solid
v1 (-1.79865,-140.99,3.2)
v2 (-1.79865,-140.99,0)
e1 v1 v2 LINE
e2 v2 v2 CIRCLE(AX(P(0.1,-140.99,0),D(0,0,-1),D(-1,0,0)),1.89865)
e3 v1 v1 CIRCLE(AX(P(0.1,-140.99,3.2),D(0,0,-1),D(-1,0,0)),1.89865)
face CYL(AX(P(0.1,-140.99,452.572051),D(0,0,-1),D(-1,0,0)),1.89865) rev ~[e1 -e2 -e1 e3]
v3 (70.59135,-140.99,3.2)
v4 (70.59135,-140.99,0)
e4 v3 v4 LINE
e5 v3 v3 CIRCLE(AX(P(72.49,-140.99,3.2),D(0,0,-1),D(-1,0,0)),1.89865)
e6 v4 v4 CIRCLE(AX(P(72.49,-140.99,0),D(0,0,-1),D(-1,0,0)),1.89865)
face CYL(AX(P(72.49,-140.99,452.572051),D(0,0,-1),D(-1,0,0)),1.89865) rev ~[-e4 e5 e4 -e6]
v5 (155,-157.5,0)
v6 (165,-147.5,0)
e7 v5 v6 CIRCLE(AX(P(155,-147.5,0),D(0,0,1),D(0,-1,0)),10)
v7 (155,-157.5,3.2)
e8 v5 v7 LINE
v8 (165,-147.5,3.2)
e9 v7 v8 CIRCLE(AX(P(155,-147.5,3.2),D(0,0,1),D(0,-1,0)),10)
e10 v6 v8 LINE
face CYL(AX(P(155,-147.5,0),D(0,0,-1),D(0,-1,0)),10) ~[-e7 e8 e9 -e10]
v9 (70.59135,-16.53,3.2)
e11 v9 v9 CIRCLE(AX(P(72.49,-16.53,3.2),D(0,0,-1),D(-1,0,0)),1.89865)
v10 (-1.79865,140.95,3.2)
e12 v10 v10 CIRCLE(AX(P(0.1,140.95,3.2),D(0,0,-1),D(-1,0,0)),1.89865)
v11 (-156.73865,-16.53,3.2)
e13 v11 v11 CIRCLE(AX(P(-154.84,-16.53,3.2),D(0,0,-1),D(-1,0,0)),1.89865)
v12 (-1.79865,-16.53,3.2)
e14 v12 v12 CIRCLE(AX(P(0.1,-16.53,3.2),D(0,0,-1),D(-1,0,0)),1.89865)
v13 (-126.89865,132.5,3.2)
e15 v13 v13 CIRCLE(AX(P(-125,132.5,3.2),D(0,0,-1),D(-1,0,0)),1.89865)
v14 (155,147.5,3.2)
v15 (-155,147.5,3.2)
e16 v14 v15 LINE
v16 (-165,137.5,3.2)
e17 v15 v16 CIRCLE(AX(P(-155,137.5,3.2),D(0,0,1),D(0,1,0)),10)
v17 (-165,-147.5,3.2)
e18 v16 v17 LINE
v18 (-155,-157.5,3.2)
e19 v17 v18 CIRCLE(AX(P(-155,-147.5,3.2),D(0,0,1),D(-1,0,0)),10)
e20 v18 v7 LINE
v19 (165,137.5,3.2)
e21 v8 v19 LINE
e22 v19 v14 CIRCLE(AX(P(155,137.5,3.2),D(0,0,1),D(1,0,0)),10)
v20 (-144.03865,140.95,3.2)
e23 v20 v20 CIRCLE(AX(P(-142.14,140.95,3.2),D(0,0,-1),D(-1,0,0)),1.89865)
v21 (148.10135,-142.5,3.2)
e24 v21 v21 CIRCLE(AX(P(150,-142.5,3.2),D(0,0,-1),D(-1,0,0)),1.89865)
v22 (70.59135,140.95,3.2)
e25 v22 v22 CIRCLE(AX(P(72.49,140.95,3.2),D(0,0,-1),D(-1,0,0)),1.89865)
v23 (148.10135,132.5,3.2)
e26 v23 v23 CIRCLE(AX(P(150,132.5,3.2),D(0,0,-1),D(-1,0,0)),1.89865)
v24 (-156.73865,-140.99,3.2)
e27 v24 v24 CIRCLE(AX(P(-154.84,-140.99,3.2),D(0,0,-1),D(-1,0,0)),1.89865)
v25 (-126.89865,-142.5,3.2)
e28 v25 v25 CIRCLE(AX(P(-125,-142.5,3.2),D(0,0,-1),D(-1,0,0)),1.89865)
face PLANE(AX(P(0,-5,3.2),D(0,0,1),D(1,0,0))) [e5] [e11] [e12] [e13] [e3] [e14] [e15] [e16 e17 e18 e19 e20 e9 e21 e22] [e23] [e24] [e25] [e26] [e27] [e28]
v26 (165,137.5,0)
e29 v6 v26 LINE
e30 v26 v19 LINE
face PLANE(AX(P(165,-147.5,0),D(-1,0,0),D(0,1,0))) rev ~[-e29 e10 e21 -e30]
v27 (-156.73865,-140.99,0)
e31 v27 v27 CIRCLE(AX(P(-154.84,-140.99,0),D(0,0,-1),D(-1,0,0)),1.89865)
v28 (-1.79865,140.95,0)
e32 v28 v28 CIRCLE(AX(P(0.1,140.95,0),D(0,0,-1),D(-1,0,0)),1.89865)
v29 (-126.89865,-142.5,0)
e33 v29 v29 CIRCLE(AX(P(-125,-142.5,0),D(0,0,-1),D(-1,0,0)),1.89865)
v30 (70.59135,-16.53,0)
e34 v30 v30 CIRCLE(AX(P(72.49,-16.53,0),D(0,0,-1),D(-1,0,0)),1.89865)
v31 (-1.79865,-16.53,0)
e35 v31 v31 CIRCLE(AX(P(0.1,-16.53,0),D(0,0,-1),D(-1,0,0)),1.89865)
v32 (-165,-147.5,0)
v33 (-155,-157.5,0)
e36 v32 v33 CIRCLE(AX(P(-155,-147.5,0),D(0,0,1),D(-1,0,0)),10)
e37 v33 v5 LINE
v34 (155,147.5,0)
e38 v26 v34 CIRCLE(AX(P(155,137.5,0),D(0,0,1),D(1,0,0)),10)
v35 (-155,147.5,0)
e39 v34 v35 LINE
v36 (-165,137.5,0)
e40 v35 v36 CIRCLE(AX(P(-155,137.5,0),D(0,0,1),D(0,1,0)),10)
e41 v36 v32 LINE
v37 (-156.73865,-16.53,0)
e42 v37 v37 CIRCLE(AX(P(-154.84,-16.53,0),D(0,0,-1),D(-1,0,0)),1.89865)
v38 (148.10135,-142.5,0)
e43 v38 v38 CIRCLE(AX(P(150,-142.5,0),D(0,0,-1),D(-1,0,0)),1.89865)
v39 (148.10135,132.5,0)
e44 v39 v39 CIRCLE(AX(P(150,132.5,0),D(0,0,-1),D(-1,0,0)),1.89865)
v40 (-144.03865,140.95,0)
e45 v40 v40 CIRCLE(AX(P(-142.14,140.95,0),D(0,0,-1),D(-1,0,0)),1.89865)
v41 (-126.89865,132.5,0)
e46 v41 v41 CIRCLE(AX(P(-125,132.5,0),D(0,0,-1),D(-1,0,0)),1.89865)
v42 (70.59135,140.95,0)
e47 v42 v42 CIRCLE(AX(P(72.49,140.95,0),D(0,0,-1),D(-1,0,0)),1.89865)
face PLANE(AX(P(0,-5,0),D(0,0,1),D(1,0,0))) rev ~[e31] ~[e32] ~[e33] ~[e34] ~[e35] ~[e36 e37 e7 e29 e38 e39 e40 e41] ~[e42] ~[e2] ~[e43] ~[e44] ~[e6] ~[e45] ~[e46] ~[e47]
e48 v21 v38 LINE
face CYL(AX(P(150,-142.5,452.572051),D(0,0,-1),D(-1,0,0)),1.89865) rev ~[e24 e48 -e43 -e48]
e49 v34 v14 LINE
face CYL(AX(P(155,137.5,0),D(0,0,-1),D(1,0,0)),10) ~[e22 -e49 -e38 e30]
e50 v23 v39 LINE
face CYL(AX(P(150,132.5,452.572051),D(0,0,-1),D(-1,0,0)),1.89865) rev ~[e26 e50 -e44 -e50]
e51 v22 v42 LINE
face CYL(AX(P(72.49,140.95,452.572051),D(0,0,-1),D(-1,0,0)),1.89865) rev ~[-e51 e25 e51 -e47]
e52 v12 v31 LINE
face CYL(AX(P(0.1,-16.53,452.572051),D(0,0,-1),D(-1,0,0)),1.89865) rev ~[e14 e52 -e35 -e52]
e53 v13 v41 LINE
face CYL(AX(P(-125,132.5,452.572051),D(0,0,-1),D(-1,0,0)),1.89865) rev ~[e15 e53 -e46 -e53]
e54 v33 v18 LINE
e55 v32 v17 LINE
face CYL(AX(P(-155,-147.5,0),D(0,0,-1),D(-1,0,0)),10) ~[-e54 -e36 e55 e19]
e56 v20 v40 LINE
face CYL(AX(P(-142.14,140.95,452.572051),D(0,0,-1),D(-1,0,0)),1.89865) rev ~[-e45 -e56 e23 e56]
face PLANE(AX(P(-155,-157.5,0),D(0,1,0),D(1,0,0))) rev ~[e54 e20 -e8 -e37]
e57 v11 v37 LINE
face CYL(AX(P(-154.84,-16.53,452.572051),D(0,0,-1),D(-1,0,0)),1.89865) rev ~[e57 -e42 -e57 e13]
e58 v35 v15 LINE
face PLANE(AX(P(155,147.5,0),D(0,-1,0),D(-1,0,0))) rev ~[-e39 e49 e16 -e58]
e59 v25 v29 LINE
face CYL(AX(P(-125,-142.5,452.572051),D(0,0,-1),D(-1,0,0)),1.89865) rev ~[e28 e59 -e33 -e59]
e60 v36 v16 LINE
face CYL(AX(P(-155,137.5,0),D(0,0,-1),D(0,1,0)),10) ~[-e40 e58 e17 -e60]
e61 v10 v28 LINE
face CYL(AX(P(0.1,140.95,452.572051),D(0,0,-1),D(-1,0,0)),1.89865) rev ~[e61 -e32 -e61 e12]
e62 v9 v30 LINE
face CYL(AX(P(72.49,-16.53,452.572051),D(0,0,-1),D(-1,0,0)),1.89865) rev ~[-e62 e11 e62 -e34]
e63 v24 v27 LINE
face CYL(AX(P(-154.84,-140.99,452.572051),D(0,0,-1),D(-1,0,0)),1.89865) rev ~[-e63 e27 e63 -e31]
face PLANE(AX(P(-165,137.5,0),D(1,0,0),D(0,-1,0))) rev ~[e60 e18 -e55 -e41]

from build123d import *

# Parameters (mm, degrees)
F1_DEPTH = 3.2
F3_D     = 3.7973
F5_D     = 3.7973


with BuildPart() as f1:
    # F0 (on Top) → F1 (new body)
    with BuildSketch(Plane.XY):
        with BuildLine():
            ThreePointArc((165, 137.5), (162.0710678119, 144.5710678119), (155, 147.5))
            Line((155, 147.5), (-155, 147.5))
            ThreePointArc((-155, 147.5), (-162.0710678119, 144.5710678119), (-165, 137.5))
            Line((-165, 137.5), (-165, -147.5))
            ThreePointArc((-165, -147.5), (-162.0710678119, -154.5710678119), (-155, -157.5))
            Line((-155, -157.5), (155, -157.5))
            ThreePointArc((155, -157.5), (162.0710678119, -154.5710678119), (165, -147.5))
            Line((165, -147.5), (165, 137.5))
        make_face()
    extrude(amount=F1_DEPTH)

    # F3 (through all)
    with Locations(Plane.XY.offset(3.2)):
        with Locations((-125, 132.5), (150, 132.5), (150, -142.5), (-125, -142.5)):
            Hole(F3_D / 2)

    # F5 (through all)
    with Locations(Plane.XY.offset(3.2)):
        with Locations((-142.14, 140.95), (0.1, 140.95), (72.49, 140.95), (-154.84, -16.53), (0.1, -16.53), (72.49, -16.53), (72.49, -140.99), (0.1, -140.99), (-154.84, -140.99)):
            Hole(F5_D / 2)


solid = f1.part
